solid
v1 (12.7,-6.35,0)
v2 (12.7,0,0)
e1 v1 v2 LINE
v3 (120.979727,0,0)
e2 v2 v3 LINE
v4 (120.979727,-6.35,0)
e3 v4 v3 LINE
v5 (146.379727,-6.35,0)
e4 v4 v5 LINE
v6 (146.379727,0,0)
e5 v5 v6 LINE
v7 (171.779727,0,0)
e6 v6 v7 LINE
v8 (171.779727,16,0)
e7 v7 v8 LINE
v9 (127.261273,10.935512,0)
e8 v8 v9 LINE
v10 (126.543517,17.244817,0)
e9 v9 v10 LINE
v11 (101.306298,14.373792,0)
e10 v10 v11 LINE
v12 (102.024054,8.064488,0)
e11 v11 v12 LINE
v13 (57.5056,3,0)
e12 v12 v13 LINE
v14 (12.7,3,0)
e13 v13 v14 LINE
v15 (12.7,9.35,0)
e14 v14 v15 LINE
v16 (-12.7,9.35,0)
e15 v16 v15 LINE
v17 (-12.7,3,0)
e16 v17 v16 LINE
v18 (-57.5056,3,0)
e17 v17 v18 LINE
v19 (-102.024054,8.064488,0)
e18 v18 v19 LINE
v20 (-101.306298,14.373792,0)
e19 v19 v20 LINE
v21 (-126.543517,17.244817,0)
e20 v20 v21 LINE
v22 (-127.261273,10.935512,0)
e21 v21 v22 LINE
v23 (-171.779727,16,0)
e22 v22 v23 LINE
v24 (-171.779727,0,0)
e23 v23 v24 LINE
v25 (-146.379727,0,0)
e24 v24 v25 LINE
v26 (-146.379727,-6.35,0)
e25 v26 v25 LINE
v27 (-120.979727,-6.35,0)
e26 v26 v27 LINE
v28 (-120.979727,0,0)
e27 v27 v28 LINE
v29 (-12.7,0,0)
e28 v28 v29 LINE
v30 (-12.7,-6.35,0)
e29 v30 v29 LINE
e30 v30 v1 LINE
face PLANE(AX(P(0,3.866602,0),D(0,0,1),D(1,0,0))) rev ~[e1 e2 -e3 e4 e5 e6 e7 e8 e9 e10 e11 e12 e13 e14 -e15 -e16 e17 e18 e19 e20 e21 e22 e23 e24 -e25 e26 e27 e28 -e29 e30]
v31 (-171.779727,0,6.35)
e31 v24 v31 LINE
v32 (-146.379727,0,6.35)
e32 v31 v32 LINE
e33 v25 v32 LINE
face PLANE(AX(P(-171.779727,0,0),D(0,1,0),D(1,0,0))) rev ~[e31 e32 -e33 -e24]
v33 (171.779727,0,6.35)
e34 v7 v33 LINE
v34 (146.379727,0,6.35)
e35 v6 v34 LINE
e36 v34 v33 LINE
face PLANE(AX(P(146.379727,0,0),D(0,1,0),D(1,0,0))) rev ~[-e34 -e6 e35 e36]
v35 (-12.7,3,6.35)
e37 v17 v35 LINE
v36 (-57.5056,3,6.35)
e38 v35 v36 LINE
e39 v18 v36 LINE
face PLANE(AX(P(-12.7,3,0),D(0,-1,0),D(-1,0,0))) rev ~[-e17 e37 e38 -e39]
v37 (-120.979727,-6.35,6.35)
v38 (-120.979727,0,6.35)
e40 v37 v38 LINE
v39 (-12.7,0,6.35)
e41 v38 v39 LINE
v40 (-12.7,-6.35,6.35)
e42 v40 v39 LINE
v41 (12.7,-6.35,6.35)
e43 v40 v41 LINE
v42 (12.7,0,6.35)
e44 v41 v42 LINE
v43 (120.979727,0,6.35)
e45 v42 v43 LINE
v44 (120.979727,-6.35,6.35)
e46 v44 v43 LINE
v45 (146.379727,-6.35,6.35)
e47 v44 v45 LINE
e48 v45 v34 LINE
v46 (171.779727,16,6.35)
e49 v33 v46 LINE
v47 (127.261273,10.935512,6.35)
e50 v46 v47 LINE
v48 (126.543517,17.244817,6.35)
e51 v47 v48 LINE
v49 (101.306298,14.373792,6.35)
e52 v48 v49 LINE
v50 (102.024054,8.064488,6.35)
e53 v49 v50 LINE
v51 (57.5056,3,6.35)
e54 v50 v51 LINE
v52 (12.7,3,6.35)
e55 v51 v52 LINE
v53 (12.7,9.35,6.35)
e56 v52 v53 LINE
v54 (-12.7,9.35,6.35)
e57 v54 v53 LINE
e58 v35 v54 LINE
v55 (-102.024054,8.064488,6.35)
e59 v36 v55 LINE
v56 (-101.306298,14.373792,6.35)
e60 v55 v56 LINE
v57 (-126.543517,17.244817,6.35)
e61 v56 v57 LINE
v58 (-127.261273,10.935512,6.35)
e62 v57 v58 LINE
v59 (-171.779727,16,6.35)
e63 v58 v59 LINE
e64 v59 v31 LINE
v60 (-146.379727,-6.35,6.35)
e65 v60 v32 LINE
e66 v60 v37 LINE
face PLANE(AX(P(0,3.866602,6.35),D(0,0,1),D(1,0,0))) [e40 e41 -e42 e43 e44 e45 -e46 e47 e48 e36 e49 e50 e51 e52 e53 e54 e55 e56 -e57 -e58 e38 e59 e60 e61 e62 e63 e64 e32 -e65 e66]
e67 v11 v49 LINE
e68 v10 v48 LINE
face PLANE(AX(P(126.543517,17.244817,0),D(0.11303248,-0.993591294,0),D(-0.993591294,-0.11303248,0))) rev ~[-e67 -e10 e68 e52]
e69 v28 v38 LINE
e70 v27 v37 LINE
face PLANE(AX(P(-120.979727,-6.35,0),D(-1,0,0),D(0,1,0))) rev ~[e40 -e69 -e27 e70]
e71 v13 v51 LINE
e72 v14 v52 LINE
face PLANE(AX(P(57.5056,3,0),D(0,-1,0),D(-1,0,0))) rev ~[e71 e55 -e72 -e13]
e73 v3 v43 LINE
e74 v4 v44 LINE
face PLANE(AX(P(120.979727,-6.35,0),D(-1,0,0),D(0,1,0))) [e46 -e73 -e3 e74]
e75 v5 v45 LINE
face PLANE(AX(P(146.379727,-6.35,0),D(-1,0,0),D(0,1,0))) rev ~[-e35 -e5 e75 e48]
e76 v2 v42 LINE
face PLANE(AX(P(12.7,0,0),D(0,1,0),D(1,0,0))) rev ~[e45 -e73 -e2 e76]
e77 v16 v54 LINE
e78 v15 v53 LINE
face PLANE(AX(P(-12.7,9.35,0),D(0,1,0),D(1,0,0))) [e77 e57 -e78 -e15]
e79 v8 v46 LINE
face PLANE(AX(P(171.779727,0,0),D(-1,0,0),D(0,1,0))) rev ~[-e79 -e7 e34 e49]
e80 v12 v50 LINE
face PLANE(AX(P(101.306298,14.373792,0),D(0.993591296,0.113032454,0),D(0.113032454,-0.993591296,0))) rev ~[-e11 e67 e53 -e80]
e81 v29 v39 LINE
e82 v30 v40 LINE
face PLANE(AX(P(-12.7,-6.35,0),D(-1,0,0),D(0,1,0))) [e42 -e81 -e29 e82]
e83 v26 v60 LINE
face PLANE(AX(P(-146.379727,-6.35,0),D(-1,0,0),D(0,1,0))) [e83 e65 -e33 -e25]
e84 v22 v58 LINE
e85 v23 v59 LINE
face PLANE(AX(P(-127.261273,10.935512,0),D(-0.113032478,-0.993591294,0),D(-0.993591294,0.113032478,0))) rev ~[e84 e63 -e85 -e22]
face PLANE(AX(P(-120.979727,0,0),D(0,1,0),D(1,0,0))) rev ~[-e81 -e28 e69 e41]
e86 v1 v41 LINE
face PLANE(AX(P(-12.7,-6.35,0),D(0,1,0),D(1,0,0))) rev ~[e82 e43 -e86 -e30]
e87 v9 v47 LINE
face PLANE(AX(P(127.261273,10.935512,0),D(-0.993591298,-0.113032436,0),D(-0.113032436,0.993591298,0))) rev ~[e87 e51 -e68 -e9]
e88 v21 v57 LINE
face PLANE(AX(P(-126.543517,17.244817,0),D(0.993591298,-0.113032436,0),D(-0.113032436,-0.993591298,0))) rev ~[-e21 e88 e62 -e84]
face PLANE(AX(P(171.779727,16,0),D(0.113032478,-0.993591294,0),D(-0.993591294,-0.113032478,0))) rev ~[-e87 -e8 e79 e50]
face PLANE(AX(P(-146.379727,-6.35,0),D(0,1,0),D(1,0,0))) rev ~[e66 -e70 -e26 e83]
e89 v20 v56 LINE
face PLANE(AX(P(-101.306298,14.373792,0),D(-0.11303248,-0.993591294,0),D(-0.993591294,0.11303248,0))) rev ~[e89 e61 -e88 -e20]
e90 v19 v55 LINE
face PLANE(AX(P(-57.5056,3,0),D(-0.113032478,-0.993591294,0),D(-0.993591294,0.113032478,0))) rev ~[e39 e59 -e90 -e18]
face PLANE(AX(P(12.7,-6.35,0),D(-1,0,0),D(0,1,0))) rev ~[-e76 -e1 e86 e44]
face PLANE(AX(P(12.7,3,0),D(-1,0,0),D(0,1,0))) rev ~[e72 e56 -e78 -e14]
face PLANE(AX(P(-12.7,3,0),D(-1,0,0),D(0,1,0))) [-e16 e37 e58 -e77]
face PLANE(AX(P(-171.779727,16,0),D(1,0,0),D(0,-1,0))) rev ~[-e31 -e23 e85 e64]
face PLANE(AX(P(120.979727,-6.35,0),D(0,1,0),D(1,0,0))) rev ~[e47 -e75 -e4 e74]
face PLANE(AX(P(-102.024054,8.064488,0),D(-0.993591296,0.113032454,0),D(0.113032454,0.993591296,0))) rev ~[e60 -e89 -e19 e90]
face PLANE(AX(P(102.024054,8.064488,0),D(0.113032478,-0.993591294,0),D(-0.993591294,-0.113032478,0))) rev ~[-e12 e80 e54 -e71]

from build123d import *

# Parameters (mm, degrees)
F0_W     = 25.4
F0_H     = 6.35
F1_DEPTH = 6.35


with BuildPart() as f1:
    # F0 (on Top) → F1 (new body)
    with BuildSketch(Plane.XY):
        Polygon((-171.779727, 16), (-171.779727, 0), (-146.379727, 0), (-120.979727, 0), (-12.7, 0), (12.7, 0), (120.979727, 0), (146.379727, 0), (171.779727, 0), (171.779727, 16), (127.261273, 10.935512), (102.024054, 8.064488), (57.5056, 3), (12.7, 3), (-12.7, 3), (-57.5056, 3), (-102.024054, 8.064488), (-127.261273, 10.935512), align=None)
        with Locations((-133.679727, -3.175)):
            Rectangle(F0_W, F0_H)
        Polygon((-126.543517, 17.244817), (-127.261273, 10.935512), (-102.024054, 8.064488), (-101.306298, 14.373792), align=None)
        with Locations((0, -3.175)):
            Rectangle(F0_W, F0_H)
        with Locations((133.679727, -3.175)):
            Rectangle(F0_W, F0_H)
        with Locations((0, 6.175)):
            Rectangle(F0_W, F0_H)
        Polygon((101.306298, 14.373792), (102.024054, 8.064488), (127.261273, 10.935512), (126.543517, 17.244817), align=None)
    extrude(amount=F1_DEPTH)


solid = f1.part
